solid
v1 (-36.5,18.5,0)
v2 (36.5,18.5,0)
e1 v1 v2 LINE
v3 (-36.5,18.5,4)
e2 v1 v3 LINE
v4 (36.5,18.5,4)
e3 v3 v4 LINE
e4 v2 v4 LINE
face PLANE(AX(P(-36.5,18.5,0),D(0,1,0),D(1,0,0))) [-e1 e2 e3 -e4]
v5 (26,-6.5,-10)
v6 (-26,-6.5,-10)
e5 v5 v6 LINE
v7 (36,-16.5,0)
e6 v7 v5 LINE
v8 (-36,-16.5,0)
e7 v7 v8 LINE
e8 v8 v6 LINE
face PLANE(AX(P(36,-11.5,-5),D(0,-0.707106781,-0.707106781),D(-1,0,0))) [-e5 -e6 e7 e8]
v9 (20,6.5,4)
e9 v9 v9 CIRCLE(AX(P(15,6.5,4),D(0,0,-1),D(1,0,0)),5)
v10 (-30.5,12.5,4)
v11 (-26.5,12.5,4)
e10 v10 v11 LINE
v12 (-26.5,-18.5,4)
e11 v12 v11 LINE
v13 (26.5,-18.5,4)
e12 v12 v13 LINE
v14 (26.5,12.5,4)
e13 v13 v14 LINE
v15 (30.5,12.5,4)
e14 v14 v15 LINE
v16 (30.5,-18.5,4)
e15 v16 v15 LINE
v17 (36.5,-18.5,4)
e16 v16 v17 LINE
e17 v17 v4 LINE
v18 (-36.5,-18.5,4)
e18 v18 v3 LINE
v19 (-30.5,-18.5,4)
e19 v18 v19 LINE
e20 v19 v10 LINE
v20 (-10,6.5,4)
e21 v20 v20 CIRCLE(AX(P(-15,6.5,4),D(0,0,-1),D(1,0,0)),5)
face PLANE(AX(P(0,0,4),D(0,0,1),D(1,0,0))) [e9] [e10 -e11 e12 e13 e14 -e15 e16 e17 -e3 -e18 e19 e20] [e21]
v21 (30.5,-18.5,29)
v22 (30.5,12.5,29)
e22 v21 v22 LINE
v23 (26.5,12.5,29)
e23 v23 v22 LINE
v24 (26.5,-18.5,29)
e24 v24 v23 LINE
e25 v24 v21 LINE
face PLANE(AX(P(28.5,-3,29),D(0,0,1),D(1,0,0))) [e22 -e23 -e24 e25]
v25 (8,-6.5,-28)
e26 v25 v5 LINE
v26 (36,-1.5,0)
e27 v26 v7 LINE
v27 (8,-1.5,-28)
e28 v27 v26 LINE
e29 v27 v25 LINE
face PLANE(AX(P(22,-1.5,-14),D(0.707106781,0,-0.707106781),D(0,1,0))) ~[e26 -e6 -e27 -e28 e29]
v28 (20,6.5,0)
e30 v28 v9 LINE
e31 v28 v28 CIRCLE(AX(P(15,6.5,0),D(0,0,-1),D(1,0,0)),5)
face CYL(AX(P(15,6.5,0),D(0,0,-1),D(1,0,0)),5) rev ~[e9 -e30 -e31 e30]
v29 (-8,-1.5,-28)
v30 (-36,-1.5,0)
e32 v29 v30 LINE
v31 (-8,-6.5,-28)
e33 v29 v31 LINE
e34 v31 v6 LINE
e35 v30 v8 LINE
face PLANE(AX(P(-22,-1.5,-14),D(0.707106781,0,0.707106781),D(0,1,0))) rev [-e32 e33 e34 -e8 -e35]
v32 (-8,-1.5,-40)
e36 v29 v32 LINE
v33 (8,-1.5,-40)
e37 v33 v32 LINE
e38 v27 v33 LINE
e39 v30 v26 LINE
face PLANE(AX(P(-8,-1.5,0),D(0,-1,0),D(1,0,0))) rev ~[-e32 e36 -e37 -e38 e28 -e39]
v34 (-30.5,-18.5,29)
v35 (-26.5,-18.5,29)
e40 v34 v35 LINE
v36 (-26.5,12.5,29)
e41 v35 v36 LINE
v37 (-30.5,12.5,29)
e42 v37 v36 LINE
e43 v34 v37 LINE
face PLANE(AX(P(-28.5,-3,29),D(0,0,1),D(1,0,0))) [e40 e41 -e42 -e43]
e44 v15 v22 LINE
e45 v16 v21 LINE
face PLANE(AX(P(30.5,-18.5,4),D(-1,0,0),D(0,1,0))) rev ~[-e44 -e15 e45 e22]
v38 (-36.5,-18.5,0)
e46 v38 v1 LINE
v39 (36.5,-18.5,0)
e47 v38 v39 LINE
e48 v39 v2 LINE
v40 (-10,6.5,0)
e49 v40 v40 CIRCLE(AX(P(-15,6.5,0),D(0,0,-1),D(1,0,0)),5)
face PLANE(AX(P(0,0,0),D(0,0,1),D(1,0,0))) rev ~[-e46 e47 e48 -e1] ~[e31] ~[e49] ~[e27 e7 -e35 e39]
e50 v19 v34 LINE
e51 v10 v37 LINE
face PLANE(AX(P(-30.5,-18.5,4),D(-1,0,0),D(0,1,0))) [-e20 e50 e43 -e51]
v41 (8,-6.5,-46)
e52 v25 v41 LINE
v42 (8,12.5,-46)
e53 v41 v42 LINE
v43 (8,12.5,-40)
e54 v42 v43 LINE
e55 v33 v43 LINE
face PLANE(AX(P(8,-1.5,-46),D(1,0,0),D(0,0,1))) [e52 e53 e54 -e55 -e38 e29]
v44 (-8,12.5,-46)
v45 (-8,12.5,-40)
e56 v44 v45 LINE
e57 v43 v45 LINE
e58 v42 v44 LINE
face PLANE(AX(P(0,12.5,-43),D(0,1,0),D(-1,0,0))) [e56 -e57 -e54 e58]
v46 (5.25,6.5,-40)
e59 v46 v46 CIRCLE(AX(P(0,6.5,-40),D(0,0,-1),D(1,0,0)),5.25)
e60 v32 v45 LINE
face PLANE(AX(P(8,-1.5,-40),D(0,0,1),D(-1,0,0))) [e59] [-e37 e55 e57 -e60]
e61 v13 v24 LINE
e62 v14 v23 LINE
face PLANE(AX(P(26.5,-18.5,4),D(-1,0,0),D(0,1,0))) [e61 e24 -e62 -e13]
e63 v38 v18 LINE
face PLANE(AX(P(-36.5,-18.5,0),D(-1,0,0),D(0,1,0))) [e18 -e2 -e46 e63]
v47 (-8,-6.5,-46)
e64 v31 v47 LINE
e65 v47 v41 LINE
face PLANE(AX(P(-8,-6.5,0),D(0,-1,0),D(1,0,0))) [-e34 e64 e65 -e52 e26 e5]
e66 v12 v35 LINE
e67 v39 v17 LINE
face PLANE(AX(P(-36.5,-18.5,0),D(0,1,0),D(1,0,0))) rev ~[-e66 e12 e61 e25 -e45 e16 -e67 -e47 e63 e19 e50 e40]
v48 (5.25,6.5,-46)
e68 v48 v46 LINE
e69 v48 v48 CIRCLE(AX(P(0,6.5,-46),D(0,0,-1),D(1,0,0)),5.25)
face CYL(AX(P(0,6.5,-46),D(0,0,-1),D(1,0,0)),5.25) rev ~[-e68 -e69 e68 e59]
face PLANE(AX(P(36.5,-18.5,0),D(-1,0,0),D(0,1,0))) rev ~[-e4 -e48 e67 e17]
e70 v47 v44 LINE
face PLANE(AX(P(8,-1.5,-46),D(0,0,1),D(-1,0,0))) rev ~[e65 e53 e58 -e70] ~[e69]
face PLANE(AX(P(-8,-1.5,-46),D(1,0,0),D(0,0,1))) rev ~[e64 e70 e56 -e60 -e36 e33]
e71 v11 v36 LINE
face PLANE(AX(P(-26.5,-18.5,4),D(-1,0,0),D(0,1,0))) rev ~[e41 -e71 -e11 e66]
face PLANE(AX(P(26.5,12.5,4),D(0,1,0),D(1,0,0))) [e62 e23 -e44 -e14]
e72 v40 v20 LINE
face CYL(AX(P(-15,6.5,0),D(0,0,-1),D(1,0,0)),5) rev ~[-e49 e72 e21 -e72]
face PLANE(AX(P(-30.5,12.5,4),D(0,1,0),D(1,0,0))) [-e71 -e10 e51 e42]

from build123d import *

# Parameters (mm, degrees)
SKETCH_W        = 73
SKETCH_H        = 37
PAD_DEPTH       = 4
SKETCH001_W     = 4
SKETCH001_H     = 31
PAD001_DEPTH    = 25
SKETCH002_W     = 16
SKETCH002_H     = 5
PAD002_DEPTH    = 46
SKETCH003_W     = 16
SKETCH003_H     = 6
PAD003_DEPTH    = 14
SKETCH004_R     = 5.25
POCKET_DEPTH    = 6
CHAMFER_SIZE    = 28
CHAMFER001_SIZE = 28
CHAMFER002_SIZE = 10
SKETCH005_R     = 5
POCKET001_DEPTH = 5


with BuildPart() as part:
    # Sketch → Pad (new body)
    with BuildSketch(Plane.XY):
        Rectangle(SKETCH_W, SKETCH_H)
    extrude(amount=PAD_DEPTH)

    # Sketch001 (on Face6 of Pad) → Pad001 (join)
    with BuildSketch(Plane.XY.offset(4)):
        with Locations((-28.5, -3)):
            Rectangle(SKETCH001_W, SKETCH001_H)
        with Locations((28.5, -3)):
            Rectangle(SKETCH001_W, SKETCH001_H)
    extrude(amount=PAD001_DEPTH)

    # Sketch002 (on Face4 of Pad001) → Pad002 (join)
    with BuildSketch(Plane(origin=(0, 0, 0), x_dir=(1, 0, 0), z_dir=(0, 0, -1))):
        with Locations((0, 4)):
            Rectangle(SKETCH002_W, SKETCH002_H)
    extrude(amount=PAD002_DEPTH)

    # Sketch003 (on Face8 of Pad002) → Pad003 (join)
    with BuildSketch(Plane(origin=(0, -1.5, 0), x_dir=(-1, 0, 0), z_dir=(0, 1, 0))):
        with Locations((0, -43)):
            Rectangle(SKETCH003_W, SKETCH003_H)
    extrude(amount=PAD003_DEPTH)

    # Sketch004 (on Face25 of Pad003) → Pocket (cut)
    with BuildSketch(Plane(origin=(0, 0, -46), x_dir=(1, 0, 0), z_dir=(0, 0, -1))):
        with Locations((0, -6.5)):
            Circle(SKETCH004_R)
    extrude(amount=-POCKET_DEPTH, mode=Mode.SUBTRACT)

    # Chamfer
    chamfer_edges = [part.edges().sort_by_distance(p)[0] for p in [
        (8, -4, 0),
    ]]
    chamfer(chamfer_edges, length=CHAMFER_SIZE)

    # Chamfer001
    chamfer001_edges = [part.edges().sort_by_distance(p)[0] for p in [
        (-8, -4, 0),
    ]]
    chamfer(chamfer001_edges, length=CHAMFER001_SIZE)

    # Chamfer002
    chamfer002_edges = [part.edges().sort_by_distance(p)[0] for p in [
        (0, -6.5, 0),
    ]]
    chamfer(chamfer002_edges, length=CHAMFER002_SIZE)

    # Sketch005 (on Face1 of Chamfer002) → Pocket001 (cut)
    with BuildSketch(Plane(origin=(0, 0, 0), x_dir=(1, 0, 0), z_dir=(0, 0, -1))):
        with Locations((15, -6.5)):
            Circle(SKETCH005_R)
        with Locations((-15, -6.5)):
            Circle(SKETCH005_R)
    extrude(amount=-POCKET001_DEPTH, mode=Mode.SUBTRACT)


solid = part.part
